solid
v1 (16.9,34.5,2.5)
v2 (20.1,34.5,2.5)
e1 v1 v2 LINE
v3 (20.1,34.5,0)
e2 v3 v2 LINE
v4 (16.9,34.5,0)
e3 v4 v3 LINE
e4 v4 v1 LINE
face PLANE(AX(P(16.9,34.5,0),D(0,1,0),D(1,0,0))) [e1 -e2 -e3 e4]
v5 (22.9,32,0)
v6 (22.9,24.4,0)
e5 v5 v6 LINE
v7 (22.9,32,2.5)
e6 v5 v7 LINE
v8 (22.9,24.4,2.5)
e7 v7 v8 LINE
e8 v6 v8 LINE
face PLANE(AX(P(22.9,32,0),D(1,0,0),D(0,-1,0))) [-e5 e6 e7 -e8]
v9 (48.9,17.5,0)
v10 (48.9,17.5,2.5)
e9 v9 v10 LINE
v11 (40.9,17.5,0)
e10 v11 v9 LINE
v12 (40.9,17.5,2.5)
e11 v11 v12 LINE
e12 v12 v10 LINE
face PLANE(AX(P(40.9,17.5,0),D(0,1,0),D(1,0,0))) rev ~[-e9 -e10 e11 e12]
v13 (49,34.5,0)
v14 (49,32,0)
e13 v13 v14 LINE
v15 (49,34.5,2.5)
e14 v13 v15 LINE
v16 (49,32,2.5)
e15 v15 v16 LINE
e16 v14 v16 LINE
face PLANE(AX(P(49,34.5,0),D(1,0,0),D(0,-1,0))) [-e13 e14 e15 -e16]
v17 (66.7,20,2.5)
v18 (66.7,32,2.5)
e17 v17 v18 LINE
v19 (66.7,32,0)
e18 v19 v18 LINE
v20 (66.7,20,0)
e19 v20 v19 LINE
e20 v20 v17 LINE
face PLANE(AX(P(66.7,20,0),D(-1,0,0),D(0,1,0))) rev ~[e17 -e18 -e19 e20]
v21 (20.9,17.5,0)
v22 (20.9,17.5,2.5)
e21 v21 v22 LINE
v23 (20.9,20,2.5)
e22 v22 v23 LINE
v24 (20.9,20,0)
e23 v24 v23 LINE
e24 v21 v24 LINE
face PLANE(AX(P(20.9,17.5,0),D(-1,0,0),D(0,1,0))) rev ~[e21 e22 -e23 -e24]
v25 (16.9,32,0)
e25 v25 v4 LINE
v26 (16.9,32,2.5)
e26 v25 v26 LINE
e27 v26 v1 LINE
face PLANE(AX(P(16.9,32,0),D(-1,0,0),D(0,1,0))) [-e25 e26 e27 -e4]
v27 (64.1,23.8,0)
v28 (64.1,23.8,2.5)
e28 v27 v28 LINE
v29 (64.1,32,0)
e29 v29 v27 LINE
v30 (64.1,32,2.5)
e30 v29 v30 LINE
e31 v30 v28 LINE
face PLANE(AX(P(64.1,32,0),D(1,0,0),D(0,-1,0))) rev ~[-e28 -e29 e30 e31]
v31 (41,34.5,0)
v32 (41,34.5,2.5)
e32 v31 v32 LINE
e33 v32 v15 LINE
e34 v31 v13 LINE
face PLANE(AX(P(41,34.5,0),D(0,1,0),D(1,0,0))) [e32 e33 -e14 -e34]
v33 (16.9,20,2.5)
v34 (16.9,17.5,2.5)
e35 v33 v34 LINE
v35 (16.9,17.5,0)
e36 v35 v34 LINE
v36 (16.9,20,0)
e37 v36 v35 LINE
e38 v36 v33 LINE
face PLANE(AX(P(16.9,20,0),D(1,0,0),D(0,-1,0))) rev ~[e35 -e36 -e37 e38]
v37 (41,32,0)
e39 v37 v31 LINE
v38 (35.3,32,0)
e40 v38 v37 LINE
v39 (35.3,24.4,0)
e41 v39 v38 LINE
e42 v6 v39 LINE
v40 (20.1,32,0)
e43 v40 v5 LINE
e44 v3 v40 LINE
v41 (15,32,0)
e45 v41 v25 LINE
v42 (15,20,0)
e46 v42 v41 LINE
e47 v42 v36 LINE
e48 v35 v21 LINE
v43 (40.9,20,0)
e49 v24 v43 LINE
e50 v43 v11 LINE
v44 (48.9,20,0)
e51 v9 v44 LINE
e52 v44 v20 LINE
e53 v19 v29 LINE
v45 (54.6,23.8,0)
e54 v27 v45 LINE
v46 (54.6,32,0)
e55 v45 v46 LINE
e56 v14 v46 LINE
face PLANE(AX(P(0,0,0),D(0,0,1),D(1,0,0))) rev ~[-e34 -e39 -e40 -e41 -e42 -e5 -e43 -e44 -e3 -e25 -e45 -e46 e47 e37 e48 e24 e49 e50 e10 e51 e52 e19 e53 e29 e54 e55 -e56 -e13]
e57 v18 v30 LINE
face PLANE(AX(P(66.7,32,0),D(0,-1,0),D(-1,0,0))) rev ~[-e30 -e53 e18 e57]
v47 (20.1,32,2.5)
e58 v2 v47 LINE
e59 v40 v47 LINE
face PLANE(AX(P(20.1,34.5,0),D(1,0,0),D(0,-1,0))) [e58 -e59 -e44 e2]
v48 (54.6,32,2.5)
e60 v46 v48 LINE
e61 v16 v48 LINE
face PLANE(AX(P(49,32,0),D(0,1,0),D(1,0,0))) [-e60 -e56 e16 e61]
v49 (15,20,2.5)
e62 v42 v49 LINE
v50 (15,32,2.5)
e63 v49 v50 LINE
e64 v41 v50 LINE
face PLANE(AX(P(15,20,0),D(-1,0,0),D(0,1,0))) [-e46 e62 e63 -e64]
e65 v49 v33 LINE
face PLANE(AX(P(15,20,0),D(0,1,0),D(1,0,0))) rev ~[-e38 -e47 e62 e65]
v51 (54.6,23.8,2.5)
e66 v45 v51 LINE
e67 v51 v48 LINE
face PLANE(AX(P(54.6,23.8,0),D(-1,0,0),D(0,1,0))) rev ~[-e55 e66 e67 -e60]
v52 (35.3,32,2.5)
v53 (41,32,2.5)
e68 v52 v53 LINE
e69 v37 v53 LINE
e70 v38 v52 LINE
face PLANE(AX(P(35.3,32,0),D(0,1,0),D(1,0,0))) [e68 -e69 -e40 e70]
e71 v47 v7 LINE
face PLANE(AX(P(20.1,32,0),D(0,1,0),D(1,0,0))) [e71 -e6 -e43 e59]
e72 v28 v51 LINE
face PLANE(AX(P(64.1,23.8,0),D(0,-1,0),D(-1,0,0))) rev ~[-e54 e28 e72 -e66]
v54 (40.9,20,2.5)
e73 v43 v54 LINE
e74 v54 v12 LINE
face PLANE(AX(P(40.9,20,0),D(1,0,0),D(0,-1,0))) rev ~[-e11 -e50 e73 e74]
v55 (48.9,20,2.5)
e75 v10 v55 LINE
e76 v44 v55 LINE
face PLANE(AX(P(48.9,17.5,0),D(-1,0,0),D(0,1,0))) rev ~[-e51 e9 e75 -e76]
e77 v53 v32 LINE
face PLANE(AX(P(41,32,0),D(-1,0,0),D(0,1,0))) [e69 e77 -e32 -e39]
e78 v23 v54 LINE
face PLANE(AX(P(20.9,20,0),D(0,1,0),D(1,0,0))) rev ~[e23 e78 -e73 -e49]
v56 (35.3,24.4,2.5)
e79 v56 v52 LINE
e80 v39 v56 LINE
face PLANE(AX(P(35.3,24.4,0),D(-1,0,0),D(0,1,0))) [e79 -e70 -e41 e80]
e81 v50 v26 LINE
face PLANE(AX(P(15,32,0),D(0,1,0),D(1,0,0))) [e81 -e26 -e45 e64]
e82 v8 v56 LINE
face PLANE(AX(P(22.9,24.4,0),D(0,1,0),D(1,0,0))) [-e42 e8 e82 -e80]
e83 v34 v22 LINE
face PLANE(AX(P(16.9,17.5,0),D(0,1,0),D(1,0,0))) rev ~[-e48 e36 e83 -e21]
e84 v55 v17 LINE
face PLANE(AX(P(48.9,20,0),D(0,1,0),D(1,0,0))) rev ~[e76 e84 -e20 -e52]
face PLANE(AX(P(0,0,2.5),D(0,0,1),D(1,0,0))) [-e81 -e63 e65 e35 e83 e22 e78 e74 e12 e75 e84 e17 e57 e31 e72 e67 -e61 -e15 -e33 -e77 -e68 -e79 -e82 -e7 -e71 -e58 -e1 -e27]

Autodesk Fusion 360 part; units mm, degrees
sketch "Sketch1" plane through (0, 0, 0) normal (0, 0, 1) x (1, 0, 0)
  line L0 (15, 20) -> (15, 32)
  line L1 (15, 32) -> (16.9, 32)
  line L2 (15, 20) -> (16.9, 20)
  line L3 (16.9, 32) -> (16.9, 34.5)
  line L4 (16.9, 20) -> (16.9, 17.5)
  line L5 (16.9, 34.5) -> (20.1, 34.5)
  line L6 (16.9, 17.5) -> (20.9, 17.5)
  line L7 (20.1, 34.5) -> (20.1, 32)
  line L8 (20.9, 17.5) -> (20.9, 20)
  line L9 (20.1, 32) -> (22.9, 32)
  line L10 (22.9, 32) -> (22.9, 24.4)
  line L11 (22.9, 24.4) -> (35.3, 24.4)
  line L12 (35.3, 24.4) -> (35.3, 32)
  line L13 (35.3, 32) -> (41, 32)
  line L14 (41, 32) -> (41, 34.5)
  line L15 (41, 34.5) -> (49, 34.5)
  line L16 (49, 34.5) -> (49, 32)
  line L17 (49, 32) -> (54.7, 32)
  line L18 (20.9, 20) -> (40.9, 20)
  line L19 (40.9, 20) -> (40.9, 17.5)
  line L20 (40.9, 17.5) -> (48.9, 17.5)
  line L21 (48.9, 17.5) -> (48.9, 20)
  line L22 (48.9, 20) -> (66.7, 20)
  line L23 (66.7, 20) -> (66.7, 32)
  line L24 (66.7, 32) -> (64.1, 32)
  line L25 (64.1, 32) -> (64.1, 23.8)
  line L26 (64.1, 23.8) -> (54.6, 23.8)
  line L27 (54.6, 23.8) -> (54.6, 32)
  dimension "d1" = 12
  dimension "d2" = 1.9
  dimension "d3" = 1.9
  dimension "d4" = 2.5
  dimension "d5" = 2.5
  dimension "d6" = 3.2
  dimension "d7" = 4
  dimension "d8" = 2.5
  dimension "d9" = 2.5
  dimension "d10" = 2.8
  dimension "d11" = 7.6
  dimension "d12" = 12.4
  dimension "d13" = 7.6
  dimension "d14" = 5.7
  dimension "d15" = 2.5
  dimension "d16" = 8
  dimension "d17" = 2.5
  dimension "d18" = 5.7
  dimension "d19" = 20
  dimension "d20" = 2.5
  dimension "d21" = 8
  dimension "d22" = 2.5
  dimension "d23" = 17.8
  dimension "d24" = 12
  dimension "d25" = 2.6
  dimension "d26" = 8.2
  dimension "d27" = 9.5
extrude "Extrude1" add sketch "Sketch1" along normal blind 2.5
